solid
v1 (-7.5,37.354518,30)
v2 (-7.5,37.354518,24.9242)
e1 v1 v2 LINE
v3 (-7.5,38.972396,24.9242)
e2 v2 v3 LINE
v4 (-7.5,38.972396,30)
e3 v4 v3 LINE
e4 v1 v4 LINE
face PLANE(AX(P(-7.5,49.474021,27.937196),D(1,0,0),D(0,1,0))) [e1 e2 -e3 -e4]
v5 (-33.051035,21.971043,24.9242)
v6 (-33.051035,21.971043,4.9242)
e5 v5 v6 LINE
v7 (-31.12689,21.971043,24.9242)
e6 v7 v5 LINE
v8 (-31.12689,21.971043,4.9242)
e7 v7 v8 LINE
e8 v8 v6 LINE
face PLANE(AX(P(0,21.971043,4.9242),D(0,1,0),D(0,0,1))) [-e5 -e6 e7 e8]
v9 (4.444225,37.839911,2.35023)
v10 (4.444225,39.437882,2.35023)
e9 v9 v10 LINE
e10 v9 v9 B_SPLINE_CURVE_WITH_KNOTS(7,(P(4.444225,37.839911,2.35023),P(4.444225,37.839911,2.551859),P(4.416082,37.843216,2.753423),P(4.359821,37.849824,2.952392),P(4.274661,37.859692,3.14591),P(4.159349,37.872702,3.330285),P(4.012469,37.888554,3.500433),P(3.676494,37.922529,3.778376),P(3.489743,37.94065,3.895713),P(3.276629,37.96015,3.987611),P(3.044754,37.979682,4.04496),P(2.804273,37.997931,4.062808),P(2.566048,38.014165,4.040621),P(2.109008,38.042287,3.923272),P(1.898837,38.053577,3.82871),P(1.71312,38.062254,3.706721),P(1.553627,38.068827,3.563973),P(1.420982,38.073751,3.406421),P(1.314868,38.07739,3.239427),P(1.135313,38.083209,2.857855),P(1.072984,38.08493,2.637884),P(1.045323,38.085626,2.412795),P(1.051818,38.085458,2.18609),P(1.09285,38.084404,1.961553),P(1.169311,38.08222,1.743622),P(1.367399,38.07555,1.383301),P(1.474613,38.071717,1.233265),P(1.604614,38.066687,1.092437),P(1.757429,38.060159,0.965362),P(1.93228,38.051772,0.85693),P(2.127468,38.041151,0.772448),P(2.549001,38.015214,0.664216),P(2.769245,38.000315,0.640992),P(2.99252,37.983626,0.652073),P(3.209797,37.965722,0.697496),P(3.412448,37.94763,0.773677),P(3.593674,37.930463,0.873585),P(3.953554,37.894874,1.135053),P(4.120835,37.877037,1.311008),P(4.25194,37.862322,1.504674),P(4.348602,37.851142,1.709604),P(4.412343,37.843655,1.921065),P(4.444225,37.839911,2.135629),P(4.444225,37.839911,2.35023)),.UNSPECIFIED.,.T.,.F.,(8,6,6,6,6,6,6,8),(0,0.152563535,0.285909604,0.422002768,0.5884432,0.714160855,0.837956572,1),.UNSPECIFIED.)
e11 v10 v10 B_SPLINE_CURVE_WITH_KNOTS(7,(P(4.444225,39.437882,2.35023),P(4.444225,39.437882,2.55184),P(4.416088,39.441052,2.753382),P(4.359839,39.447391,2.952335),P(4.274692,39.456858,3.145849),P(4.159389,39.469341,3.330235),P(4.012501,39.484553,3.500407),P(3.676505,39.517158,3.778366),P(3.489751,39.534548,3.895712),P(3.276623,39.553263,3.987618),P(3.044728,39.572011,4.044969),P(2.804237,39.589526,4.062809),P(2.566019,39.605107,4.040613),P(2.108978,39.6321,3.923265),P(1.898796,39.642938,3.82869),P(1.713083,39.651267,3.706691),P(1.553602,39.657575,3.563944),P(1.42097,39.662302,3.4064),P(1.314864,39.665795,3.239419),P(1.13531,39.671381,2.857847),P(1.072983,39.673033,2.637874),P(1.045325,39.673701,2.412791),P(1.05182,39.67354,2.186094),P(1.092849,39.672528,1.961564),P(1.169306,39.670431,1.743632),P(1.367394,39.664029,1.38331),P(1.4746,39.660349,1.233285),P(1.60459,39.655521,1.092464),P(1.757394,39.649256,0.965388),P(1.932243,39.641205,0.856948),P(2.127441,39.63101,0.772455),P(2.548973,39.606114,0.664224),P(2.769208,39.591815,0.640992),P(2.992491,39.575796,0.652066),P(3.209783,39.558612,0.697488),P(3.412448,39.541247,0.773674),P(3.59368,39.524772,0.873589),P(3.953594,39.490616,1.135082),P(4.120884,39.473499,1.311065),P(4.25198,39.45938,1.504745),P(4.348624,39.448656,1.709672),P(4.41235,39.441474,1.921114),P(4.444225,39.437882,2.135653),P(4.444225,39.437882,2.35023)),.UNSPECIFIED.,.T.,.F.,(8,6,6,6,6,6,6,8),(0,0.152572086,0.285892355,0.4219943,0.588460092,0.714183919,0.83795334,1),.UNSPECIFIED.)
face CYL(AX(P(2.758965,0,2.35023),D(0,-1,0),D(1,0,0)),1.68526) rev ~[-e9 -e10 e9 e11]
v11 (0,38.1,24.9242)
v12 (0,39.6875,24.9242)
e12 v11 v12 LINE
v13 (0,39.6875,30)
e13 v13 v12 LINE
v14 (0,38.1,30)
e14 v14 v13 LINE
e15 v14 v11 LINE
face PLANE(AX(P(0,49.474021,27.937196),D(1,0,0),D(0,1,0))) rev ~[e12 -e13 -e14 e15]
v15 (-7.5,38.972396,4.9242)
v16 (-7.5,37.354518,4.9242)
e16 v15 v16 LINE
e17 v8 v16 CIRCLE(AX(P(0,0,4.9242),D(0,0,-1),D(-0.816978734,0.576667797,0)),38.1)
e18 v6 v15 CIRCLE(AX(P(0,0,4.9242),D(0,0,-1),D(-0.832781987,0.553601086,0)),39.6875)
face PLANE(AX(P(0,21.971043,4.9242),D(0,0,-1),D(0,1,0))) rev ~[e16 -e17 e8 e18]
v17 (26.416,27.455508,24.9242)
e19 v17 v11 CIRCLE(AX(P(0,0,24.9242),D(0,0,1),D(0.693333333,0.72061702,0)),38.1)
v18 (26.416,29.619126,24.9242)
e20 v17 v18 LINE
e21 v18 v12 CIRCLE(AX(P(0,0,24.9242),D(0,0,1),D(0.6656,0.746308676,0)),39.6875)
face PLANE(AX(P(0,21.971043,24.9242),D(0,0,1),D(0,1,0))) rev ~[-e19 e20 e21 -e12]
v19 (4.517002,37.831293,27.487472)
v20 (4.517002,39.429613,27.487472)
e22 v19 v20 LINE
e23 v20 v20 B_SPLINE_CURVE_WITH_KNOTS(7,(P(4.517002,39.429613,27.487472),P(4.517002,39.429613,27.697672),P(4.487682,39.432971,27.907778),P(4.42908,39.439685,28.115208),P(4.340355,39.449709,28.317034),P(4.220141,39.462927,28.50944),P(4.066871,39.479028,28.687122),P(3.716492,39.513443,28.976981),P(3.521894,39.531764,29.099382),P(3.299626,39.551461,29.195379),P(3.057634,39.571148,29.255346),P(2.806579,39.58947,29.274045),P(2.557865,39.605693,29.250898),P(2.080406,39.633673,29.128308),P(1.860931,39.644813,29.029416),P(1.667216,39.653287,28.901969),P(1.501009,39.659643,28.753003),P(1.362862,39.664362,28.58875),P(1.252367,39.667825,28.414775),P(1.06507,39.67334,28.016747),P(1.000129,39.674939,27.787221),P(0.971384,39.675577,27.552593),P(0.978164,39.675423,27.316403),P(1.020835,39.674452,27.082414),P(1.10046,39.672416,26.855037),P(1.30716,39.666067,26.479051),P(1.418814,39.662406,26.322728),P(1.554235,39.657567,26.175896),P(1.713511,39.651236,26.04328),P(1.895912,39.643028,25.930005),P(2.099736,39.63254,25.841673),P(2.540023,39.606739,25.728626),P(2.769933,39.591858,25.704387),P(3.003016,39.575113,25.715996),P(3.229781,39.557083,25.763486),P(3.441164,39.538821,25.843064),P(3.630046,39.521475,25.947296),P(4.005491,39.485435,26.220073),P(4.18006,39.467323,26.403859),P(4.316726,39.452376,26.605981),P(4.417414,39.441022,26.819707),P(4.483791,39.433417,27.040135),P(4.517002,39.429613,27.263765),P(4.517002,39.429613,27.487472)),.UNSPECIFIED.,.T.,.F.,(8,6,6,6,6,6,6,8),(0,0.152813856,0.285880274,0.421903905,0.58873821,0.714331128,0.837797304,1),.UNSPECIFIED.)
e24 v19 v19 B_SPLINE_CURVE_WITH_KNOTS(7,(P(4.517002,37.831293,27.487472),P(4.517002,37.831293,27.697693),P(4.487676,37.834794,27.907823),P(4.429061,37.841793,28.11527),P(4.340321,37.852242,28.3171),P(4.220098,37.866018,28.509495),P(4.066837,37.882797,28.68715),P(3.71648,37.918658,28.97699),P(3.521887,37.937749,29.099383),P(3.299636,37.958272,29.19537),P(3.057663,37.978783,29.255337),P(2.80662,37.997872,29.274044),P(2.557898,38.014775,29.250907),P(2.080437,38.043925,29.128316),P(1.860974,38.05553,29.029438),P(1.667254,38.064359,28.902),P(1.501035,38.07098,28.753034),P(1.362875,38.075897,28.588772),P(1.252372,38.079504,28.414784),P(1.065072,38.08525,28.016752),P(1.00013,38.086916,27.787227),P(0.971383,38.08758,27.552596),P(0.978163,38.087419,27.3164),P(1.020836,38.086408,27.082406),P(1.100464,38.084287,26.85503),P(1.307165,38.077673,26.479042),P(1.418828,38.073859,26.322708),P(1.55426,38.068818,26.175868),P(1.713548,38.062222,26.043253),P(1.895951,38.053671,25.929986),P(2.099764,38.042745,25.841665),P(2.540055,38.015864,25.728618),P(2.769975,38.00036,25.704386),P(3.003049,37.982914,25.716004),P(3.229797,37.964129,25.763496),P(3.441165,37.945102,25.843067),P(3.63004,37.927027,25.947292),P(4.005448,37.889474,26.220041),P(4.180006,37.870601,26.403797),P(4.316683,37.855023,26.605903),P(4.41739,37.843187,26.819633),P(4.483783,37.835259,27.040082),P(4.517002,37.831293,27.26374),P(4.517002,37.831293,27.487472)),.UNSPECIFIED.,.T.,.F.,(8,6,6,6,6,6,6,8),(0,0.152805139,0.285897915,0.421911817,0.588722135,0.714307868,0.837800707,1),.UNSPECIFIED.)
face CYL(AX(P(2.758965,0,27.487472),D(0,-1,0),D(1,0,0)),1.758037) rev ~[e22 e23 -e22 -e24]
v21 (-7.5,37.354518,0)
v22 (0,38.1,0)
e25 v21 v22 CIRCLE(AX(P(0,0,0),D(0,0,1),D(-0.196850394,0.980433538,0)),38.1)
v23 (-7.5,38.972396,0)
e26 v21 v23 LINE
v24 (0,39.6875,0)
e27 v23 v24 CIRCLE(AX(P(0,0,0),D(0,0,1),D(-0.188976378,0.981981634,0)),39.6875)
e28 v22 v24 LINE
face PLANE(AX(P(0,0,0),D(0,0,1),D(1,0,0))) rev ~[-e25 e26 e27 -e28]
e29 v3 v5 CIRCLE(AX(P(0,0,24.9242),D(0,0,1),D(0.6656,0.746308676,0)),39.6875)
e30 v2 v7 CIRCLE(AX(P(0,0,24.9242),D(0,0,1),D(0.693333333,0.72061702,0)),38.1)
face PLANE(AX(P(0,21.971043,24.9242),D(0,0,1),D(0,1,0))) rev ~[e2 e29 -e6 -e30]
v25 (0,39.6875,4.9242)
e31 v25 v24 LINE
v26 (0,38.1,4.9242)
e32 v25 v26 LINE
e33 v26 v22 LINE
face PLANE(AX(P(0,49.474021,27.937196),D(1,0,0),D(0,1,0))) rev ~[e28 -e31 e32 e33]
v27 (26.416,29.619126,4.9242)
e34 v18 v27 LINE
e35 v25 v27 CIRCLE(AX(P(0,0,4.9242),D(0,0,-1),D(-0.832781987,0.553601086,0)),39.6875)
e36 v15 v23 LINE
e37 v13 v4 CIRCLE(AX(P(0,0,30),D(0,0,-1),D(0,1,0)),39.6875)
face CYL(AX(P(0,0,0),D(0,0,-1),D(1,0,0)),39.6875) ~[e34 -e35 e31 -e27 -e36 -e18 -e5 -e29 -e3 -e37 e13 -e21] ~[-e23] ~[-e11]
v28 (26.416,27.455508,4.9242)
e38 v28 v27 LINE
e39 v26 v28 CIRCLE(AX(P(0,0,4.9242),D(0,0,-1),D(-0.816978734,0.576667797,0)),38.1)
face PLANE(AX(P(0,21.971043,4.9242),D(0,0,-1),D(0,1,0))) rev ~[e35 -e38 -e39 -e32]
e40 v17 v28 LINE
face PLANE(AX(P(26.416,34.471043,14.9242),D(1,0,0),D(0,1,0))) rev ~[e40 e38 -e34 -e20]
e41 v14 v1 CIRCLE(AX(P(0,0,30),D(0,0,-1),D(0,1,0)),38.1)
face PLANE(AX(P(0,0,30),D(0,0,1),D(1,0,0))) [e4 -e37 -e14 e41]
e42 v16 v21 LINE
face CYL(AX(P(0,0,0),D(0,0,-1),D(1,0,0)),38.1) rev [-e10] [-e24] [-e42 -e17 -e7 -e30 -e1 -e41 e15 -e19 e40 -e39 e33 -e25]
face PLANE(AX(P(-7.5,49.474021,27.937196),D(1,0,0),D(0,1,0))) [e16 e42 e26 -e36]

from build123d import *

# Parameters (mm, degrees)
F0_R          = 39.6875
F0_R_2        = 38.1
F1_DEPTH      = 30
F2_W          = 25.0000006067
F2_H          = 20
F3_DEPTH      = 37.846
F3_DEPTH_BACK = 26.416
F4_W          = 36.5361310542
F4_H          = 63.4360015392
F5_DEPTH      = 7.5
F6_R          = 1.7228830897
F6_R_2        = 2.0395757716
F7_DEPTH      = 25.4
F7_DEPTH_BACK = 13.462
F8_R          = 1.7580369287
F8_R_2        = 1.6852602443
F9_DEPTH      = 50


with BuildPart() as f1:
    # F0 (on Top) → F1 (new body)
    with BuildSketch(Plane.XY):
        Circle(F0_R)
        Circle(F0_R_2, mode=Mode.SUBTRACT)
    extrude(amount=F1_DEPTH)

    # F2 (on Right) → F3 (cut, two sides)
    with BuildSketch(Plane.YZ) as f3_sk:
        with Locations((34.4710433856, 14.9242004845)):
            Rectangle(F2_W, F2_H)
    extrude(amount=-F3_DEPTH, mode=Mode.SUBTRACT)
    extrude(f3_sk.sketch, amount=F3_DEPTH_BACK, mode=Mode.SUBTRACT)

    # F4 (on Right) → F5 (cut)
    with BuildSketch(Plane.YZ):
        with Locations((49.4740214199, 27.9371961951)):
            Rectangle(F4_W, F4_H)
    extrude(amount=-F5_DEPTH, mode=Mode.SUBTRACT)

    # F6 (on Front) → F7 (cut, two sides)
    with BuildSketch(Plane.XZ) as f7_sk:
        with Locations((-17.5434835255, -25.1583587378)):
            Circle(F6_R)
        with Locations((-17.5434835255, 0)):
            Circle(F6_R_2)
    extrude(amount=-F7_DEPTH, mode=Mode.SUBTRACT)
    extrude(f7_sk.sketch, amount=F7_DEPTH_BACK, mode=Mode.SUBTRACT)

    # F8 (on Front) → F9 (cut)
    with BuildSketch(Plane.XZ):
        with Locations((2.758965129, 27.4874716997)):
            Circle(F8_R)
        with Locations((2.758965129, 2.3502300028)):
            Circle(F8_R_2)
    extrude(amount=-F9_DEPTH, mode=Mode.SUBTRACT)


solid = f1.part
